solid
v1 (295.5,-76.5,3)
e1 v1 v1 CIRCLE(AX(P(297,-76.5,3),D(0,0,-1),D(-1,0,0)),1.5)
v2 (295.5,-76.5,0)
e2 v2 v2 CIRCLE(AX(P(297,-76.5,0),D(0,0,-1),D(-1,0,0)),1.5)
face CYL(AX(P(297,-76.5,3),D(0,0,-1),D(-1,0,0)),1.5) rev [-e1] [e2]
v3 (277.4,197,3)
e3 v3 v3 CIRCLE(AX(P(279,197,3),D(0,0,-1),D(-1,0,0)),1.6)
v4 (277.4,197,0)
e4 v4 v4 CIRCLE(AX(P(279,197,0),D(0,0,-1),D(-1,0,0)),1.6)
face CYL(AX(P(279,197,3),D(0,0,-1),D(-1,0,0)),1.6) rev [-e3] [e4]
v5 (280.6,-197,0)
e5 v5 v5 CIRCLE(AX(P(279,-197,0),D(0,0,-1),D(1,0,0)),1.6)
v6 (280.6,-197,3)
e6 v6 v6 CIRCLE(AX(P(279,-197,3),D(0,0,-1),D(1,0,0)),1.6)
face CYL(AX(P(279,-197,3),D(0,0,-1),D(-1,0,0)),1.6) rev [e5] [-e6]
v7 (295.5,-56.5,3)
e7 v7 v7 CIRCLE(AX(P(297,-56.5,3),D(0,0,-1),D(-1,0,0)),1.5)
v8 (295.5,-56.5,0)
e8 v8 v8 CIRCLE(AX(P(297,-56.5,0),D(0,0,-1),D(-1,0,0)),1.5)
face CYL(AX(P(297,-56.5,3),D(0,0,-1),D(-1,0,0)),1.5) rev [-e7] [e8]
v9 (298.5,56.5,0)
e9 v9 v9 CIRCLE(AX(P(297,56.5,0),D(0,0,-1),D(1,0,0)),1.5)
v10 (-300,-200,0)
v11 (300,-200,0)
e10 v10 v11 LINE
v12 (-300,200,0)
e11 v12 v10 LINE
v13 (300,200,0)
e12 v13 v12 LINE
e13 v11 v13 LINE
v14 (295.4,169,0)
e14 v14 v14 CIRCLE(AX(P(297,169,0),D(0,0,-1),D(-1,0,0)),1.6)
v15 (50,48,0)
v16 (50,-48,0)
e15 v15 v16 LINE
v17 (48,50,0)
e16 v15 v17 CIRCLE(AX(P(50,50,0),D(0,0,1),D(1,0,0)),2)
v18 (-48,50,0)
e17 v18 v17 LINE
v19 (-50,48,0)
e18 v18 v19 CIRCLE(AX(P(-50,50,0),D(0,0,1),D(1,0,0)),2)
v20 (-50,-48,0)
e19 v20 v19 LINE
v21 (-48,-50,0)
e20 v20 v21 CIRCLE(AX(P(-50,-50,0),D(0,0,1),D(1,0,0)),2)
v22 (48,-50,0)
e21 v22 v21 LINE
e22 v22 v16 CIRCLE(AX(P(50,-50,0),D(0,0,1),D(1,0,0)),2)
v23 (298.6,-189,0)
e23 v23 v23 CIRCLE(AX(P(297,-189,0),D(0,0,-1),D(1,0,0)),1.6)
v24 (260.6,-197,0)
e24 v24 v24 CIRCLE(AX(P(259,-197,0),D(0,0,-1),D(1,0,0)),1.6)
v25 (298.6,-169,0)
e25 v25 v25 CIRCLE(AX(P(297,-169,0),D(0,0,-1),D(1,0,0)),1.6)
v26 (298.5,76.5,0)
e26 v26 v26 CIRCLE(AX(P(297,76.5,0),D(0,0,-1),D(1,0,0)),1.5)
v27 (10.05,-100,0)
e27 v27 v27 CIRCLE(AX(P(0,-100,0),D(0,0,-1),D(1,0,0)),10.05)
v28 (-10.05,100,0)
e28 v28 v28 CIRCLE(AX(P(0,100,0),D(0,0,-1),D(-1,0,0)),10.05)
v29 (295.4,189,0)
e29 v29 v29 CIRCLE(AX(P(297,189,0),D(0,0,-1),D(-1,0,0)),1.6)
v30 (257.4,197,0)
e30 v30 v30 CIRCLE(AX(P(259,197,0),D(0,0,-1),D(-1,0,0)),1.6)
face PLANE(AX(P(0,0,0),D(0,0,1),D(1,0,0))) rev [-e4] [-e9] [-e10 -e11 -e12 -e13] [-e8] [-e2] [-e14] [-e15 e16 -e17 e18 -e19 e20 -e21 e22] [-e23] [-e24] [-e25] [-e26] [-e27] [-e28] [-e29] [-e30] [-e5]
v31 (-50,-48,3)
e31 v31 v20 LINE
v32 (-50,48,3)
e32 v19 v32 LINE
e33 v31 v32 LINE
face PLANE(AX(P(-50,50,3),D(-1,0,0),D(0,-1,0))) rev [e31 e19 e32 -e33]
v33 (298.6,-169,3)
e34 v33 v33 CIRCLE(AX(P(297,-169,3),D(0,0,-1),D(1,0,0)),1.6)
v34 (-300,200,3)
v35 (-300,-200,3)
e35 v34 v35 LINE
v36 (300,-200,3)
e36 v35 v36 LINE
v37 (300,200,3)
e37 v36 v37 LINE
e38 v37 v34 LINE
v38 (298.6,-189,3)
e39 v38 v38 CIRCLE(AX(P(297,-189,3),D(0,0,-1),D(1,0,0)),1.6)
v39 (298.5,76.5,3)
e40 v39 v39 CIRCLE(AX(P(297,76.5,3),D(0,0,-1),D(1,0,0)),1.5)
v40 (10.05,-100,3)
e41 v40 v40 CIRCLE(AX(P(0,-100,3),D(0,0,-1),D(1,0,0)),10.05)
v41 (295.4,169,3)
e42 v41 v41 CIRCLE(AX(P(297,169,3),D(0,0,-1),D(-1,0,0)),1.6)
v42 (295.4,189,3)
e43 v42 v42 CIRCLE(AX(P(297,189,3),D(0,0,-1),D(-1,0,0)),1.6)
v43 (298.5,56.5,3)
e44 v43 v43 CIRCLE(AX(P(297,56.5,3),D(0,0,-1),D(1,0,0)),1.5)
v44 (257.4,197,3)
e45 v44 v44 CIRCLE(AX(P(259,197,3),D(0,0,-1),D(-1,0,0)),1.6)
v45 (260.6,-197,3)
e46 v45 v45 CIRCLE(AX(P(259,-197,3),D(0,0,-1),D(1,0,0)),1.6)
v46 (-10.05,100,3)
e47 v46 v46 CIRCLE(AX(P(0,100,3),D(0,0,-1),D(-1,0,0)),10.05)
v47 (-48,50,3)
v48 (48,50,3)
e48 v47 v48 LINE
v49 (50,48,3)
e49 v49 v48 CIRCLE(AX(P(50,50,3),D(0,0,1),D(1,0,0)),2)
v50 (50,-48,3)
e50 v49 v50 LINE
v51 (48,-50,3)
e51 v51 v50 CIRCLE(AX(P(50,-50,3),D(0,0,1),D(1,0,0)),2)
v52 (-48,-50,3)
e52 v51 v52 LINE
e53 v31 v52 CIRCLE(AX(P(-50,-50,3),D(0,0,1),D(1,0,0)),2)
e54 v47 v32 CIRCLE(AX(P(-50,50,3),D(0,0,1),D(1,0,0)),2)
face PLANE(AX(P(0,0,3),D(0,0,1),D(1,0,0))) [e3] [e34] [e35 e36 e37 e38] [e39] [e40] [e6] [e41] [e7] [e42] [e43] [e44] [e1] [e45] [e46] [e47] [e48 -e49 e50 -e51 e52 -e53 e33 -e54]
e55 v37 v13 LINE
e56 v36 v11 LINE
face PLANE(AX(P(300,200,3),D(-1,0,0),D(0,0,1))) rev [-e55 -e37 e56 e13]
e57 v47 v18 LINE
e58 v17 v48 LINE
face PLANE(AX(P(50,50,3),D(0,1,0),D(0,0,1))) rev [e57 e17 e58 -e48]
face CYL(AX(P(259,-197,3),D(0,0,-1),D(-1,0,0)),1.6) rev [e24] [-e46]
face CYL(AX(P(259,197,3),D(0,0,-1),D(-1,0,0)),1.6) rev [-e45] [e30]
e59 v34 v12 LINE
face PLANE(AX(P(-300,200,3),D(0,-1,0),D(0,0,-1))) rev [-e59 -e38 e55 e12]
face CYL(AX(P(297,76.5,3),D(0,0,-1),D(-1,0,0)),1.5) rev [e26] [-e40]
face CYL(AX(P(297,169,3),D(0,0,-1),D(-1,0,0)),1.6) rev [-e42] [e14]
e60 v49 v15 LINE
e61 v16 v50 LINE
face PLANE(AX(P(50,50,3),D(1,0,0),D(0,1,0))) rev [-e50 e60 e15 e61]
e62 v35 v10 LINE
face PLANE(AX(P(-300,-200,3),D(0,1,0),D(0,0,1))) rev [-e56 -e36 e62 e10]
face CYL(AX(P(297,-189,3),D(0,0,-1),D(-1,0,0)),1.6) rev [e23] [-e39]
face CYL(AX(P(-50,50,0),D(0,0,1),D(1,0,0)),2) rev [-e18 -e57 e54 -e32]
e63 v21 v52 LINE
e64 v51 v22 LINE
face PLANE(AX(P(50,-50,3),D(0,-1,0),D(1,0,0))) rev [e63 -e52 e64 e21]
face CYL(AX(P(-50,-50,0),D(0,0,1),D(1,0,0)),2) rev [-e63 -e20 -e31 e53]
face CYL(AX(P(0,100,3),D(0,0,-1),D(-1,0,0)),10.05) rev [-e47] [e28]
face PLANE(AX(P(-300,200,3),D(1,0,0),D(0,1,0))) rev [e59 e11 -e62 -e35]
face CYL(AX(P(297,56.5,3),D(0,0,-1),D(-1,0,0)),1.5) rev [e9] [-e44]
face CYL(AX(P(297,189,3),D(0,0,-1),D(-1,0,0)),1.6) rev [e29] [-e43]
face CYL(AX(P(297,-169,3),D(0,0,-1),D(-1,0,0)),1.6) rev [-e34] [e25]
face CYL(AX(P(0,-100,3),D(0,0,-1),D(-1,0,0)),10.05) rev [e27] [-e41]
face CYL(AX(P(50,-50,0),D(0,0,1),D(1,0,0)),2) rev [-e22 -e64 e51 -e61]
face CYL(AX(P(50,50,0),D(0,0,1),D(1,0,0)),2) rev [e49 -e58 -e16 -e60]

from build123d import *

# Parameters (mm, degrees)
SKETCH_1_W          = 600
SKETCH_1_H          = 400
EXTRUDE_1_DEPTH     = 3
SKETCH_3_W          = 100
SKETCH_3_H          = 100
CUT_EXTRUDE_1_DEPTH = 361.567608085
SKETCH_4_R          = 2
CUT_EXTRUDE_2_DEPTH = 361.567608085
SKETCH_5_R          = 1.6
CUT_EXTRUDE_3_DEPTH = 361.567608085
SKETCH_6_R          = 10.05
CUT_EXTRUDE_4_DEPTH = 361.567608085
SKETCH_7_R          = 1.5
CUT_EXTRUDE_5_DEPTH = 361.567608085


with BuildPart() as part:
    # 草图1 → 凸台-拉伸1 (new body)
    with BuildSketch(Plane.XY):
        Rectangle(SKETCH_1_W, SKETCH_1_H)
    extrude(amount=EXTRUDE_1_DEPTH)

    # 草图3 → 切除-拉伸1 (cut, through all)
    with BuildSketch(Plane(origin=(0, 0, 0), x_dir=(-1, 0, 0), z_dir=(0, 0, -1))):
        Rectangle(SKETCH_3_W, SKETCH_3_H)
    extrude(amount=-CUT_EXTRUDE_1_DEPTH, mode=Mode.SUBTRACT)

    # 草图4 → 切除-拉伸2 (cut, through all)
    with BuildSketch(Plane.XY.offset(3)):
        with Locations((-50, 50)):
            Circle(SKETCH_4_R)
        with Locations((-50, -50)):
            Circle(SKETCH_4_R)
        with Locations((50, -50)):
            Circle(SKETCH_4_R)
        with Locations((50, 50)):
            Circle(SKETCH_4_R)
    extrude(amount=-CUT_EXTRUDE_2_DEPTH, mode=Mode.SUBTRACT)

    # 草图5 → 切除-拉伸3 (cut, through all)
    with BuildSketch(Plane(origin=(0, 0, 0), x_dir=(-1, 0, 0), z_dir=(0, 0, -1))):
        with Locations((-297, 169)):
            Circle(SKETCH_5_R)
        with Locations((-297, 189)):
            Circle(SKETCH_5_R)
        with Locations((-279, 197)):
            Circle(SKETCH_5_R)
        with Locations((-259, 197)):
            Circle(SKETCH_5_R)
        with Locations(Location((-259, -197, 0), (0, 0, 180))):
            Circle(SKETCH_5_R)
        with Locations(Location((-279, -197, 0), (0, 0, 180))):
            Circle(SKETCH_5_R)
        with Locations(Location((-297, -189, 0), (0, 0, 180))):
            Circle(SKETCH_5_R)
        with Locations(Location((-297, -169, 0), (0, 0, 180))):
            Circle(SKETCH_5_R)
    extrude(amount=-CUT_EXTRUDE_3_DEPTH, mode=Mode.SUBTRACT)

    # 草图6 → 切除-拉伸4 (cut, through all)
    with BuildSketch(Plane(origin=(0, 0, 0), x_dir=(-1, 0, 0), z_dir=(0, 0, -1))):
        with Locations((0, 100)):
            Circle(SKETCH_6_R)
        with Locations(Location((0, -100, 0), (0, 0, 180))):
            Circle(SKETCH_6_R)
    extrude(amount=-CUT_EXTRUDE_4_DEPTH, mode=Mode.SUBTRACT)

    # 草图7 → 切除-拉伸5 (cut, through all)
    with BuildSketch(Plane(origin=(0, 0, 0), x_dir=(-1, 0, 0), z_dir=(0, 0, -1))):
        with Locations((-297, -56.5)):
            Circle(SKETCH_7_R)
        with Locations((-297, -76.5)):
            Circle(SKETCH_7_R)
        with Locations(Location((-297, 76.5, 0), (0, 0, 180))):
            Circle(SKETCH_7_R)
        with Locations(Location((-297, 56.5, 0), (0, 0, 180))):
            Circle(SKETCH_7_R)
    extrude(amount=-CUT_EXTRUDE_5_DEPTH, mode=Mode.SUBTRACT)


solid = part.part
